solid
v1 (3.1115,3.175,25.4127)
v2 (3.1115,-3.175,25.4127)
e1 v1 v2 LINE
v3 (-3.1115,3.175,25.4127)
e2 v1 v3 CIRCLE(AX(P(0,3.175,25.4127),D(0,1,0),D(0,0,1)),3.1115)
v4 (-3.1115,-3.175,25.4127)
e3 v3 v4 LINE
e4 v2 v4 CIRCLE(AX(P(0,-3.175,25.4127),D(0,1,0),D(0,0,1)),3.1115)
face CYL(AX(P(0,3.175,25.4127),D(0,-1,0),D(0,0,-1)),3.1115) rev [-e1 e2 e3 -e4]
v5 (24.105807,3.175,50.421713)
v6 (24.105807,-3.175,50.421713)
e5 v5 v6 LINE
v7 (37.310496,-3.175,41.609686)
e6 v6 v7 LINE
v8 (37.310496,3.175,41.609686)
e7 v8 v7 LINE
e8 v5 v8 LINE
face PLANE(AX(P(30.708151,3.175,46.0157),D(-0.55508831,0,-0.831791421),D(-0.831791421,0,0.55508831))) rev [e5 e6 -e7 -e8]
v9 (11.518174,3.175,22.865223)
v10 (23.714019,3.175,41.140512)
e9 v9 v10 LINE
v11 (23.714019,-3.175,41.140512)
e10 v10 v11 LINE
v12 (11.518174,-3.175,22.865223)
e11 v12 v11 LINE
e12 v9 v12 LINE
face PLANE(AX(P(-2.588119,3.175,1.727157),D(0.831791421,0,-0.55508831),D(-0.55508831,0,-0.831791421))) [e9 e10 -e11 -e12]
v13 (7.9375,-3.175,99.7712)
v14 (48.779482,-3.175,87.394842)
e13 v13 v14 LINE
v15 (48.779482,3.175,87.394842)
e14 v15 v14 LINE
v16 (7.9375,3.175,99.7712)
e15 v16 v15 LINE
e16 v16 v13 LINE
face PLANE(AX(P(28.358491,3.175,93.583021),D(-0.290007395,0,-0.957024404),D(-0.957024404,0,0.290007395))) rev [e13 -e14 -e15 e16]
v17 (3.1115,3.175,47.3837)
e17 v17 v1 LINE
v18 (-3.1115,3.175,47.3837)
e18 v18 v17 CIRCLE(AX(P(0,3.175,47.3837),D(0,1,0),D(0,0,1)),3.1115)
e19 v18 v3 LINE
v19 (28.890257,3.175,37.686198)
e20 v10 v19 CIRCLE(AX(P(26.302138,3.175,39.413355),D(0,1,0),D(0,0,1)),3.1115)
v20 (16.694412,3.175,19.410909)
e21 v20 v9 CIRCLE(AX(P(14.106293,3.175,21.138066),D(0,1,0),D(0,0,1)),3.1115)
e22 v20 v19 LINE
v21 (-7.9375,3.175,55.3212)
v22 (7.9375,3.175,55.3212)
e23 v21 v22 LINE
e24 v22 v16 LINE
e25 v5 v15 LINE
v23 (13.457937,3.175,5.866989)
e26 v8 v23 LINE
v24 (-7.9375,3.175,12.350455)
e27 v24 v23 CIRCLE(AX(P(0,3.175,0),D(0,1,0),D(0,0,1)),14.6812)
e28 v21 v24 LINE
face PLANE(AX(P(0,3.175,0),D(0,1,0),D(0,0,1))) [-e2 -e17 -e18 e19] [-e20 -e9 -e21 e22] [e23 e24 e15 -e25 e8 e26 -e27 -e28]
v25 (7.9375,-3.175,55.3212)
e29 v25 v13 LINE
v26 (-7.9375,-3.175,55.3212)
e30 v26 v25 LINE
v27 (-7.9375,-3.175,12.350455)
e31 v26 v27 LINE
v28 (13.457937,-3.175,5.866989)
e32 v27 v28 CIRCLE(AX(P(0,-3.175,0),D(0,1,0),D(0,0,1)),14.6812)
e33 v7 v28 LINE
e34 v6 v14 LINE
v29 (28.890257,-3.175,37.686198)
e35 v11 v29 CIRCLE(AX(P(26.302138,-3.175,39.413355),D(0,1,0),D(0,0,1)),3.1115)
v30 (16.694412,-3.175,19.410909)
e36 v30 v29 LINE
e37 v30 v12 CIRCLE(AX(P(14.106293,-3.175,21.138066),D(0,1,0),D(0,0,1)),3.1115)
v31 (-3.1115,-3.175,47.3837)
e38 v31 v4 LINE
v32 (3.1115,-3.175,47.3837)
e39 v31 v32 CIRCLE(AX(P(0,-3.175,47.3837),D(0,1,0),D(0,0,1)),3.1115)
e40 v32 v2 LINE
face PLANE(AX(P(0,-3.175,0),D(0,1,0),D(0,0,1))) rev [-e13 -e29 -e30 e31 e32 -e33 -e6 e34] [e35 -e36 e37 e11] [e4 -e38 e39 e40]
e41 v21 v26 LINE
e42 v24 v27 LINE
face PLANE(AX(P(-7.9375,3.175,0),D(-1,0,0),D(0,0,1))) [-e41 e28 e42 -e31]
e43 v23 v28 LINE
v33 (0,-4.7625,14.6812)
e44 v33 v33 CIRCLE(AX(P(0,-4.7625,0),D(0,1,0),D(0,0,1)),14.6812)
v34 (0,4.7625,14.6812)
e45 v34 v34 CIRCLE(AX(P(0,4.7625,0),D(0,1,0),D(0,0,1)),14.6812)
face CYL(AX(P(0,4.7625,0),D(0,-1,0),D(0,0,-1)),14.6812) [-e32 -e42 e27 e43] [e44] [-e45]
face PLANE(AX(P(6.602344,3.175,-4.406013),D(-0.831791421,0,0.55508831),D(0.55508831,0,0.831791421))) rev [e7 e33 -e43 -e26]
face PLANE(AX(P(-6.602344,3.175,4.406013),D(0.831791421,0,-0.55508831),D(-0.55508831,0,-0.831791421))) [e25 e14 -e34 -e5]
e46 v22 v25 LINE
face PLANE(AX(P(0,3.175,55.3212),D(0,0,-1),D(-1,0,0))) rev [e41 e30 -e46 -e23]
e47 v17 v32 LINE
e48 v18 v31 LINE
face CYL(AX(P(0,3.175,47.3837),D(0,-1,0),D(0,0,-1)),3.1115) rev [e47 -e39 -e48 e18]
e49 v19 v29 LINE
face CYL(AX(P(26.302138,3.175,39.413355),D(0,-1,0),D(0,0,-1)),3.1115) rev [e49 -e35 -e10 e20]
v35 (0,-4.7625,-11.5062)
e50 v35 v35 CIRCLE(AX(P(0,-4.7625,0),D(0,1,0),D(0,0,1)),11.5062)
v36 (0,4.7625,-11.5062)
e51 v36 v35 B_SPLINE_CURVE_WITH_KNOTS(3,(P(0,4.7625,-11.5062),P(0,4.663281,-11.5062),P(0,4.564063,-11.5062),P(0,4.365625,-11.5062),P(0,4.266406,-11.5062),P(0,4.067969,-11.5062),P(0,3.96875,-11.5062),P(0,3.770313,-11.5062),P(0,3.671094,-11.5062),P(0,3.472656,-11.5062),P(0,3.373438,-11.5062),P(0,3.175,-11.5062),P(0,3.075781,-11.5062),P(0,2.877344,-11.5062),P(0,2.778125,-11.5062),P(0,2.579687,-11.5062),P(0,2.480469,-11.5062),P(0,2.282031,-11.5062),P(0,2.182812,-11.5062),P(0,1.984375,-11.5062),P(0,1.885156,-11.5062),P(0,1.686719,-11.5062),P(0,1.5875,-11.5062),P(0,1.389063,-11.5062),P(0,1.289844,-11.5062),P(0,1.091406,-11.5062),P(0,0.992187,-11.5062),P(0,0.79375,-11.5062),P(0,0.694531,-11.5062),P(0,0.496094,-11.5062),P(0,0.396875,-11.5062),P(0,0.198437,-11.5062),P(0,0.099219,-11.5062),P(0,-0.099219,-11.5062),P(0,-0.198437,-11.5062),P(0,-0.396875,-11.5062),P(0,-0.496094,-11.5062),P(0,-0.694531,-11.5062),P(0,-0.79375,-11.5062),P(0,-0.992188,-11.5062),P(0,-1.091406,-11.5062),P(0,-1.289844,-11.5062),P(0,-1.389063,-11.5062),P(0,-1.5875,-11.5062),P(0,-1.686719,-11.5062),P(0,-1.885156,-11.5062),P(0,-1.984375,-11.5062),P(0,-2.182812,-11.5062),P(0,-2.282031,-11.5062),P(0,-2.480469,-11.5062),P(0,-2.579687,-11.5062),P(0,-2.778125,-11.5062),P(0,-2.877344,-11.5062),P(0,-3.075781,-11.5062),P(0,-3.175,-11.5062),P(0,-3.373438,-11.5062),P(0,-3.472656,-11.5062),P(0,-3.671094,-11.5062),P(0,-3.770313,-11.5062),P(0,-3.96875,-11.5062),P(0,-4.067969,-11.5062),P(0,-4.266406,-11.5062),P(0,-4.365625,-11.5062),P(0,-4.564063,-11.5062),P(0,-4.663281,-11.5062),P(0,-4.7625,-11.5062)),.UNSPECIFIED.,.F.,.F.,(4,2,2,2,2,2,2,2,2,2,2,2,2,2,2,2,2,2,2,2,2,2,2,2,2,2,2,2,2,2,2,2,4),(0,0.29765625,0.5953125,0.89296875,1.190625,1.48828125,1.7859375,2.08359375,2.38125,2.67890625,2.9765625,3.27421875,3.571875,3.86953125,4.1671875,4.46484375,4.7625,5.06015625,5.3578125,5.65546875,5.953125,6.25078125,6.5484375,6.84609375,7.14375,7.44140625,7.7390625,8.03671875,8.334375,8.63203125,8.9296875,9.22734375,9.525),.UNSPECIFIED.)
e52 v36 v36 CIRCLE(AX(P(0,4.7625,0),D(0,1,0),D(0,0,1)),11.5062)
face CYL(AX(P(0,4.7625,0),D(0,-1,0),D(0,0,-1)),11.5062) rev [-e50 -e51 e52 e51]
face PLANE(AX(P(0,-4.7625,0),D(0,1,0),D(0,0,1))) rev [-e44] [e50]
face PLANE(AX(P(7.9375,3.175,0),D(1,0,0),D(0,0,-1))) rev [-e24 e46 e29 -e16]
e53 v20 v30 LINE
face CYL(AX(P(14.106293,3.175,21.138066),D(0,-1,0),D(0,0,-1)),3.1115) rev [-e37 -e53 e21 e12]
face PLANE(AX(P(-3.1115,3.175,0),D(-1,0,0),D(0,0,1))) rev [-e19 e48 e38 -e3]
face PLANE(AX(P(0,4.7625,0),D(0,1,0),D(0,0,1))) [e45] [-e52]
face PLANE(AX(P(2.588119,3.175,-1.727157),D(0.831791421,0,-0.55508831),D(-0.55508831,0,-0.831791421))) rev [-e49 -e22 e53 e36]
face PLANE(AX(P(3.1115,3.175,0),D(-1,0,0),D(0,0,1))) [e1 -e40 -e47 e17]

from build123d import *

# Parameters (mm, degrees)
SKETCH1_R             = 11.5062
BEARING_EXTRUDE_DEPTH = 4.7625
BOSS_EXTRUDE2_DEPTH   = 3.175


with BuildPart() as part:
    # Sketch1 → Bearing extrude (new, symmetric)
    with BuildSketch(Plane(origin=(0, 0, 0), x_dir=(1, 0, 0), z_dir=(0, 1, 0))):
        with BuildLine():
            ThreePointArc((14.6812, 0), (-7.035822924, 12.885450292), (-7.9375, -12.350454534))
            ThreePointArc((-7.9375, -12.350454534), (4.257656572, -14.050266686), (13.457937336, -5.866988674))
            ThreePointArc((13.457937336, -5.866988674), (14.372131071, -2.996578368), (14.6812, 0))
        make_face()
        Circle(SKETCH1_R, mode=Mode.SUBTRACT)
    extrude(amount=BEARING_EXTRUDE_DEPTH, both=True)

    # Sketch1<5> → Boss-Extrude2 (add, symmetric)
    with BuildSketch(Plane(origin=(0, 0, 0), x_dir=(1, 0, 0), z_dir=(0, 1, 0))):
        with BuildLine():
            Line((-7.9375, -12.350454534), (-7.9375, -55.3212))
            Line((-7.9375, -55.3212), (7.9375, -55.3212))
            Line((7.9375, -55.3212), (7.9375, -99.7712))
            Line((7.9375, -99.7712), (48.779482338, -87.394841716))
            Line((48.779482338, -87.394841716), (24.105806981, -50.421713036))
            Line((24.105806981, -50.421713036), (30.708151388, -46.015699579))
            Line((30.708151388, -46.015699579), (37.310495795, -41.609686123))
            Line((37.310495795, -41.609686123), (13.457937336, -5.866988674))
            ThreePointArc((13.457937336, -5.866988674), (4.257656572, -14.050266686), (-7.9375, -12.350454534))
        make_face()
        with BuildLine():
            ThreePointArc((3.1115, -47.3837), (0, -50.4952), (-3.1115, -47.3837))
            Line((-3.1115, -47.3837), (-3.1115, -25.4127))
            ThreePointArc((-3.1115, -25.4127), (0, -22.3012), (3.1115, -25.4127))
            Line((3.1115, -25.4127), (3.1115, -47.3837))
        make_face(mode=Mode.SUBTRACT)
        with BuildLine():
            ThreePointArc((28.890256939, -37.686197897), (29.353499053, -40.022147052), (28.029295206, -42.00147418))
            ThreePointArc((28.029295206, -42.00147418), (25.693346052, -42.464716295), (23.714018923, -41.140512447))
            Line((23.714018923, -41.140512447), (11.518173675, -22.865223129))
            ThreePointArc((11.518173675, -22.865223129), (12.379135408, -18.549946846), (16.69441169, -19.410908579))
            Line((16.69441169, -19.410908579), (28.890256939, -37.686197897))
        make_face(mode=Mode.SUBTRACT)
    extrude(amount=BOSS_EXTRUDE2_DEPTH, both=True)


solid = part.part
